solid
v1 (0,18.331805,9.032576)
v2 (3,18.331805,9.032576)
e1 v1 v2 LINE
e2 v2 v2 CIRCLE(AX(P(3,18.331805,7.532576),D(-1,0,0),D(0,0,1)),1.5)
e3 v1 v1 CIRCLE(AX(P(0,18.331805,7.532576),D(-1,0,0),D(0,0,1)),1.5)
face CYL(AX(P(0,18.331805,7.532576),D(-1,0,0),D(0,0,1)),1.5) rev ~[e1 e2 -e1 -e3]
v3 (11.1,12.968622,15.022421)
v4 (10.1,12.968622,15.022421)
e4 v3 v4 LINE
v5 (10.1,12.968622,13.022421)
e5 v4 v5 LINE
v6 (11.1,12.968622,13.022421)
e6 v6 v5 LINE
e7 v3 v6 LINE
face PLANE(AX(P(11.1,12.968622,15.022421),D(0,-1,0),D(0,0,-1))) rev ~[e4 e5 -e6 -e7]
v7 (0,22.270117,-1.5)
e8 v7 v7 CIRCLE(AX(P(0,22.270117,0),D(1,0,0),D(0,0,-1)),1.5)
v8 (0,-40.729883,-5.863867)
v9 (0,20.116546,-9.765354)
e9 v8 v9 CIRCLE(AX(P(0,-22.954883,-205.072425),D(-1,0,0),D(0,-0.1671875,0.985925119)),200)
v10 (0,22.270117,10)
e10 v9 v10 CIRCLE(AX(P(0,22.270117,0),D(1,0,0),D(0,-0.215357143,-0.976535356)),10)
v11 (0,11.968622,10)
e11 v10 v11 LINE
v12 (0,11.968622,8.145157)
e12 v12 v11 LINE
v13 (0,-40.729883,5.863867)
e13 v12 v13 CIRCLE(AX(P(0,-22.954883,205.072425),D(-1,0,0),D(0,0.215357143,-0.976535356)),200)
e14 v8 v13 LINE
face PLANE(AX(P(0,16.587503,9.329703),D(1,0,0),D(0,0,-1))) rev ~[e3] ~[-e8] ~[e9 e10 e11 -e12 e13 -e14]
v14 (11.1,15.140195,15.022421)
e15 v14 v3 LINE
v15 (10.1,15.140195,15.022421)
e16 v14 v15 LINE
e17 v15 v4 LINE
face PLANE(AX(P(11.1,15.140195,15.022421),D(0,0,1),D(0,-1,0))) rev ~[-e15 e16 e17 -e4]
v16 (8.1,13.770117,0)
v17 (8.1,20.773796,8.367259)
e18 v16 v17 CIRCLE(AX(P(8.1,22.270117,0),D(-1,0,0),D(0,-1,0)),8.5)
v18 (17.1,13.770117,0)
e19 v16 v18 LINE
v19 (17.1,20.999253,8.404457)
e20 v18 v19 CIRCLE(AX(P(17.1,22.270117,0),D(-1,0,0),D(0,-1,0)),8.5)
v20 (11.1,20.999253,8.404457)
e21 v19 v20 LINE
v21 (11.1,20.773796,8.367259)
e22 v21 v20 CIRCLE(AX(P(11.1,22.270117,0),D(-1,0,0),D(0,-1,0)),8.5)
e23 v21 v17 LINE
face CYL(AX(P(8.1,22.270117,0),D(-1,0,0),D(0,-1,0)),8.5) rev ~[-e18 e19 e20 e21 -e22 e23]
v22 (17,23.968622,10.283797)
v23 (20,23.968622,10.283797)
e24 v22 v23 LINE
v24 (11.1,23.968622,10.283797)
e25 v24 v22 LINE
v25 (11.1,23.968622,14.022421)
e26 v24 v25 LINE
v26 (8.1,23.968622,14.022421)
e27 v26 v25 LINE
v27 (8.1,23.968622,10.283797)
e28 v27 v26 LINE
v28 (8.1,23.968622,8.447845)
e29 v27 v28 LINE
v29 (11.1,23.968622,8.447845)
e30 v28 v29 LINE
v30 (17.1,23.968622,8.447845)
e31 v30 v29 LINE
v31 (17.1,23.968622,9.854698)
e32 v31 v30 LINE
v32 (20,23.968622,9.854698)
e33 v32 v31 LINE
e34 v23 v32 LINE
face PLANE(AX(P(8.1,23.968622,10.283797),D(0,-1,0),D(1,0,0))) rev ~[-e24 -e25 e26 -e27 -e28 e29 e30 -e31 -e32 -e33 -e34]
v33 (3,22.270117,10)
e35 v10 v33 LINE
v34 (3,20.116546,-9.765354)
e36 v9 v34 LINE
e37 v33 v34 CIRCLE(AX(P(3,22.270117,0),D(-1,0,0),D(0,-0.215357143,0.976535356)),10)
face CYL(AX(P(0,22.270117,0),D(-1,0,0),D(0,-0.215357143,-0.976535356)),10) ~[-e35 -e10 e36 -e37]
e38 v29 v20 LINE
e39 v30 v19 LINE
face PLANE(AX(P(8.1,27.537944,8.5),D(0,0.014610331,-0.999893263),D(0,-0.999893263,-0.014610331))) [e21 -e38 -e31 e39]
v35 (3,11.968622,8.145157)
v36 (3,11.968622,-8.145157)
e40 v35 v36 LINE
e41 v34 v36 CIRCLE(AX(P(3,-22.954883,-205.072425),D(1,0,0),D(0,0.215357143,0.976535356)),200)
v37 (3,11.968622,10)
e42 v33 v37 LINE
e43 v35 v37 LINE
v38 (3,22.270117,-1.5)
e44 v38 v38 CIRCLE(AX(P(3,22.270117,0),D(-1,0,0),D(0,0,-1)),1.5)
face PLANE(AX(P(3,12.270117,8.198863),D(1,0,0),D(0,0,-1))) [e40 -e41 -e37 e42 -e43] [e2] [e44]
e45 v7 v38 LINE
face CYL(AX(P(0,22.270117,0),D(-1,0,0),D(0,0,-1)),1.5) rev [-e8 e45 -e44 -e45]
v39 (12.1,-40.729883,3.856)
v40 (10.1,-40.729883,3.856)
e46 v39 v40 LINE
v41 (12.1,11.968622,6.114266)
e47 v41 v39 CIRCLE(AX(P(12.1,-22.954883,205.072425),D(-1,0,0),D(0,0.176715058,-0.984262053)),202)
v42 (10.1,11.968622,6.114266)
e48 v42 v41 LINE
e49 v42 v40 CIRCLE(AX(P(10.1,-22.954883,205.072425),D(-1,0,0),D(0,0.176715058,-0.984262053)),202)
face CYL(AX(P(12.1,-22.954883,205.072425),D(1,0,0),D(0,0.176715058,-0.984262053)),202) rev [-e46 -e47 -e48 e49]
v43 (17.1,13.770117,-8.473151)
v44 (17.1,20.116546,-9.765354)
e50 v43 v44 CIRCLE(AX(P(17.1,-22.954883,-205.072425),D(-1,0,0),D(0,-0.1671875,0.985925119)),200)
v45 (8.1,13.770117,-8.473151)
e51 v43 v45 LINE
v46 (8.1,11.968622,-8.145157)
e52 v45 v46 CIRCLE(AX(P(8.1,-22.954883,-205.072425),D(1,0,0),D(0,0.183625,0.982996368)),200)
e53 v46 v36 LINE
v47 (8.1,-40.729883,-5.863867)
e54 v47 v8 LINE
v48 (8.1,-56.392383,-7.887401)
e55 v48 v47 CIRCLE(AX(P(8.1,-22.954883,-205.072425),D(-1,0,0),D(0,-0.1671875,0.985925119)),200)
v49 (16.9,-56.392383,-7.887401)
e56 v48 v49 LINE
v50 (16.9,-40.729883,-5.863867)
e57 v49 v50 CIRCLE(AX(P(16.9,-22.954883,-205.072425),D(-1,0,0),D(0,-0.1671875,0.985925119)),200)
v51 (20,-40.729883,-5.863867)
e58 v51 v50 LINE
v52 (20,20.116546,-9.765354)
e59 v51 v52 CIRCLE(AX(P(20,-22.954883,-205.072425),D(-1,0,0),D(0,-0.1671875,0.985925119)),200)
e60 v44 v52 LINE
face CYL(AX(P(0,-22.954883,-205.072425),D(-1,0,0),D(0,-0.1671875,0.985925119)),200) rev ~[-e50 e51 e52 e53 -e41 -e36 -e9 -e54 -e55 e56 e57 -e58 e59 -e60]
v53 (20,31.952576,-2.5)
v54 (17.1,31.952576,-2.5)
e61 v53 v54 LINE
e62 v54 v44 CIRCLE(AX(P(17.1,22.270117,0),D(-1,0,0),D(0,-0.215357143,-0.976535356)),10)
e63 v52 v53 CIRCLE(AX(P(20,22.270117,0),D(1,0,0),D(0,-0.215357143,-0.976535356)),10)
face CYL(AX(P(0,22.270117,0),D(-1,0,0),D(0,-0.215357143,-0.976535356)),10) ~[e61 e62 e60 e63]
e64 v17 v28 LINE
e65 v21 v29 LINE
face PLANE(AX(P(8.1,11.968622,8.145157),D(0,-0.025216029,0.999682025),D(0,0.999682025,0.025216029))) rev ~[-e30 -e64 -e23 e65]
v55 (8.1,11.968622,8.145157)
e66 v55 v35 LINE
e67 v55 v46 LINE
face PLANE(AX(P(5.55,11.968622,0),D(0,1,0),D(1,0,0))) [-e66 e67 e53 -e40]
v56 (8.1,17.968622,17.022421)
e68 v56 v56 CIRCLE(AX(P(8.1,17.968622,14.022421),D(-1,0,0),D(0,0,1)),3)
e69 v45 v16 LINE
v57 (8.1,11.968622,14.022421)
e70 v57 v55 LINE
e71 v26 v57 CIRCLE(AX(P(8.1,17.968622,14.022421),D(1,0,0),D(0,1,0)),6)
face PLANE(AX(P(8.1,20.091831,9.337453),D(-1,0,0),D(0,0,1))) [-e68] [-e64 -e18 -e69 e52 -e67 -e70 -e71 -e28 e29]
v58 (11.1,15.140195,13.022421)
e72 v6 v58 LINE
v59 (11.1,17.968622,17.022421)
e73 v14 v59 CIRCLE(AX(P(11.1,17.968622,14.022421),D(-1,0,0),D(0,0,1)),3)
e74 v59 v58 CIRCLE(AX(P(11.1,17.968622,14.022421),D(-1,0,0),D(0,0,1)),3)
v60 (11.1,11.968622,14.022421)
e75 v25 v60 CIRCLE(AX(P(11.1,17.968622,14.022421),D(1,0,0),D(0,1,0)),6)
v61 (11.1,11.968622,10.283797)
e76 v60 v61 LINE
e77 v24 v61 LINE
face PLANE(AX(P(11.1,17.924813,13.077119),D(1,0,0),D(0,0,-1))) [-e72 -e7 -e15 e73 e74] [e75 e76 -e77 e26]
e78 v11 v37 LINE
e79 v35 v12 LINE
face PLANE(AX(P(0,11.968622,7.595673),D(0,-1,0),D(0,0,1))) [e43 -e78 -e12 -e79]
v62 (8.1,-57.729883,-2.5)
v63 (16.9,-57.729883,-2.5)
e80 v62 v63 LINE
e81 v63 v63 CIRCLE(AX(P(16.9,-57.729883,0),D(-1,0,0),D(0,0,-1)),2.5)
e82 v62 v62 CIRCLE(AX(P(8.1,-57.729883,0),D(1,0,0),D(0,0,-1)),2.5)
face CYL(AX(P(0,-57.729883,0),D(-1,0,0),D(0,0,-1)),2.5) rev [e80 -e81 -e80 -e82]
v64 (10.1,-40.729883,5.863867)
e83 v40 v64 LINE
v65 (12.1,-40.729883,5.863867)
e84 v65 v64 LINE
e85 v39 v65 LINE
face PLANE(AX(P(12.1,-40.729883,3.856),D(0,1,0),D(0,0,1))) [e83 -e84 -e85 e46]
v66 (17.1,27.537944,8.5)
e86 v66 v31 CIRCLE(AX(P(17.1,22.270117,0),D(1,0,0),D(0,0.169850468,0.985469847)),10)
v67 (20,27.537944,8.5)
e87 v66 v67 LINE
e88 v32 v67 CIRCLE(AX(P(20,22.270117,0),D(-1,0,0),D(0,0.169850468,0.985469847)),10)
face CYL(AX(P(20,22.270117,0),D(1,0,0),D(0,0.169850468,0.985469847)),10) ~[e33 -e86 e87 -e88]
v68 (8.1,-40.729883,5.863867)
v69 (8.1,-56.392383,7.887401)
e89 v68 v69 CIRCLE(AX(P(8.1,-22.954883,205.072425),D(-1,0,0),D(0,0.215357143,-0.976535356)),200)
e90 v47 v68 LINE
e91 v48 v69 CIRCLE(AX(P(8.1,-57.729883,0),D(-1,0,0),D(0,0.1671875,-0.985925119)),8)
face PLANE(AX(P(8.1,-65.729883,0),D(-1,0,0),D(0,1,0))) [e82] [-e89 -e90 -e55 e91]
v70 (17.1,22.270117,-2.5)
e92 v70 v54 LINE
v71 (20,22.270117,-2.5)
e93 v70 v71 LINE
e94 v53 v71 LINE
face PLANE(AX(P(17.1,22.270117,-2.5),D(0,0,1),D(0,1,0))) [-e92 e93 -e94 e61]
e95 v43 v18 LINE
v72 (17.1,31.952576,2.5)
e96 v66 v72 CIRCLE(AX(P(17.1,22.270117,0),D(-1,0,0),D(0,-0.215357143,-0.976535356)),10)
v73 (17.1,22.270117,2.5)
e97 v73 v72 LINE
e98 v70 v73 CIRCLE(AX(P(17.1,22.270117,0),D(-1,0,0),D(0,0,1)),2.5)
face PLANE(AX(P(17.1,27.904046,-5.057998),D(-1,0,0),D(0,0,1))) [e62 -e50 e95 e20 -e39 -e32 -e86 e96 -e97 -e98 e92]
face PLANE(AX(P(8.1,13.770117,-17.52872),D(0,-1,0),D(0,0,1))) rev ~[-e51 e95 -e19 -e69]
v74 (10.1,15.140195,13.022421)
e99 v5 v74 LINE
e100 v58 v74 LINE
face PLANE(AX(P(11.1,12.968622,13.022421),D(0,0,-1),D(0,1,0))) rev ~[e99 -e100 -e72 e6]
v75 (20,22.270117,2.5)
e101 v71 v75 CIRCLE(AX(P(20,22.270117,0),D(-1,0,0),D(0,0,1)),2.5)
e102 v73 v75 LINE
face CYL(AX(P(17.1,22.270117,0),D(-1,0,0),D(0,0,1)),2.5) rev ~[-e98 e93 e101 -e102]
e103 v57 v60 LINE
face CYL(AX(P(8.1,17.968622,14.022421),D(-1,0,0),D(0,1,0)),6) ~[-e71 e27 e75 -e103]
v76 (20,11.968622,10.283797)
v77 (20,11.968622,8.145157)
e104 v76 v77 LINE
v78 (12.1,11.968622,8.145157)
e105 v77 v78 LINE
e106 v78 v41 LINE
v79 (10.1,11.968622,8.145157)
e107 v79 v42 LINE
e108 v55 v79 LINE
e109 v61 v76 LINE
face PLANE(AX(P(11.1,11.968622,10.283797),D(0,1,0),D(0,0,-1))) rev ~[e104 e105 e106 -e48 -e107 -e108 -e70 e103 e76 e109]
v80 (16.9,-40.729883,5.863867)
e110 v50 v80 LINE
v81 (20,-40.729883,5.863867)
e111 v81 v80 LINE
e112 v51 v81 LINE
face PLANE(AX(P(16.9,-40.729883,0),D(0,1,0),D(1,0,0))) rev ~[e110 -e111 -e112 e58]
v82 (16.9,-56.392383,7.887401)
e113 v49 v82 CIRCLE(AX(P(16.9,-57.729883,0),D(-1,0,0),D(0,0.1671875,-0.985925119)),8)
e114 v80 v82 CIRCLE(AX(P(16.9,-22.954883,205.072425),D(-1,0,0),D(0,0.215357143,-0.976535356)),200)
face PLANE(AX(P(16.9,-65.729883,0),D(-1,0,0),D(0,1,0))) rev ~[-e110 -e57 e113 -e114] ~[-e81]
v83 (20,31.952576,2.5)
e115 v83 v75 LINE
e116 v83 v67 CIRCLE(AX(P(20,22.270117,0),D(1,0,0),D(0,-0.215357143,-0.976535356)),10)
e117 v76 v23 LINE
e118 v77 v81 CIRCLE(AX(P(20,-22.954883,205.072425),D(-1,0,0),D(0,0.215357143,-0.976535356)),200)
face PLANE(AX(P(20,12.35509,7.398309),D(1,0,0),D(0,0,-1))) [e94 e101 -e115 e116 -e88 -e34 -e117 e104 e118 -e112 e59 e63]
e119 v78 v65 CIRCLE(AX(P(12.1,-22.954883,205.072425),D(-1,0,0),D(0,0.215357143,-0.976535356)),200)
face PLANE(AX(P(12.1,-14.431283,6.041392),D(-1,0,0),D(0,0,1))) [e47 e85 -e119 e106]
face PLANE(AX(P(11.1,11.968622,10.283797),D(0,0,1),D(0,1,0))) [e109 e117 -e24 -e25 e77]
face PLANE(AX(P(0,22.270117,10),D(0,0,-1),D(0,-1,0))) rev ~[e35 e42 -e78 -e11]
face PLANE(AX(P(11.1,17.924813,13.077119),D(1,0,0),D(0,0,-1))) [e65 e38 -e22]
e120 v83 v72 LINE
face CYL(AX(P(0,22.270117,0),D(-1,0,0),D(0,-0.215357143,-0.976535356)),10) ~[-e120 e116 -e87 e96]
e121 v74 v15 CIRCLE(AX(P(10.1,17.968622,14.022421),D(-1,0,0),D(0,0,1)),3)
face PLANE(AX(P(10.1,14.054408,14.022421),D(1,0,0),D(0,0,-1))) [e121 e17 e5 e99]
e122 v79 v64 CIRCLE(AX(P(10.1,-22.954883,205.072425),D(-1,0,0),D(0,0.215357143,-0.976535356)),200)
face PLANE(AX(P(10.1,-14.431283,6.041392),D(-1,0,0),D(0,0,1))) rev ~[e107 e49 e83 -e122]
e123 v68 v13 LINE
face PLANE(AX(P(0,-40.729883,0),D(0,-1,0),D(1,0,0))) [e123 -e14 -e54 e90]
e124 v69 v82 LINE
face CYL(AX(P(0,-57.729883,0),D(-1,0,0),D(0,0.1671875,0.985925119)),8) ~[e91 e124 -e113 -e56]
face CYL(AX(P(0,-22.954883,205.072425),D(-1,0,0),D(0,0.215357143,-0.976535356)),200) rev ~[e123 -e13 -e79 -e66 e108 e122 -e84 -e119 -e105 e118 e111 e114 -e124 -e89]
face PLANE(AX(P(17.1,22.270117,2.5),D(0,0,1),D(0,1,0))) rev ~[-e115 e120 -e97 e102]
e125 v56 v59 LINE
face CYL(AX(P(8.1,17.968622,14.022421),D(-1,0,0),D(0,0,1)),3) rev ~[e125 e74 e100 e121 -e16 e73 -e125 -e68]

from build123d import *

# Parameters (mm, degrees)
SKETCH1_R                = 1.5
SKETCH1_R_2              = 2.5
BOSS_EXTRUDE1_DEPTH      = 20
SKETCH2_W                = 8.1
SKETCH2_H                = 25
SKETCH2_W_2              = 3.1
SKETCH2_W_3              = 5.1
SKETCH2_H_2              = 20
CUT_EXTRUDE1_DEPTH       = 20
CUT_EXTRUDE1_DEPTH_BACK  = 20
CUT_EXTRUDE2_DEPTH       = 9
BOSS_EXTRUDE2_DEPTH      = 11.9
SKETCH5_R                = 3
BOSS_EXTRUDE3_DEPTH      = 3
CUT_EXTRUDE6_DEPTH       = 1
SKETCH13_R               = 2.5
CUT_EXTRUDE7_DEPTH       = 4
CUT_EXTRUDE5_START       = 5
CUT_EXTRUDE5_DEPTH       = 2
CUT_EXTRUDE8_REACH       = 22
SKETCH14_R               = 1.5
BOSS_EXTRUDE4_DEPTH      = 3
CUT_EXTRUDE9_DEPTH       = 3
SKETCH17_W               = 9
SKETCH17_H               = 3.569322199
CUT_EXTRUDE11_DEPTH      = 3
SKETCH18_W               = 5.770974844
SKETCH18_H               = 0.772936936
BOSS_EXTRUDE5_DEPTH      = 8.9
BOSS_EXTRUDE5_DEPTH_BACK = 1
SKETCH19_W               = 5.1
SKETCH19_H               = 16.397725614
CUT_EXTRUDE12_DEPTH      = 0.301495
SKETCH20_W               = 5
SKETCH20_H               = 12.419235667
CUT_EXTRUDE13_DEPTH      = 10


with BuildPart() as part:
    # Sketch1 → Boss-Extrude1 (new body)
    with BuildSketch(Plane(origin=(0, 0, 0), x_dir=(0, 0, -1), z_dir=(1, 0, 0))):
        with BuildLine():
            ThreePointArc((9.765353557, 20.116545894), (0, 32.270117322), (-9.765353557, 20.116545894))
            ThreePointArc((-9.765353557, 20.116545894), (-5.132645827, -18.047253777), (-7.88740095, -56.392382678))
            ThreePointArc((-7.88740095, -56.392382678), (0, -65.729882678), (7.88740095, -56.392382678))
            ThreePointArc((7.88740095, -56.392382678), (5.132645827, -18.047253777), (9.765353557, 20.116545894))
        make_face()
        with Locations((0, 22.270117322)):
            Circle(SKETCH1_R, mode=Mode.SUBTRACT)
        with Locations((0, -57.729882678)):
            Circle(SKETCH1_R_2, mode=Mode.SUBTRACT)
    extrude(amount=BOSS_EXTRUDE1_DEPTH)

    # Sketch2 → Cut-Extrude1 (cut, two sides)
    with BuildSketch(Plane.XY) as cut_extrude1_sk:
        with Locations((4.05, -53.229882678)):
            Rectangle(SKETCH2_W, SKETCH2_H)
        with Locations((18.45, -53.229882678)):
            Rectangle(SKETCH2_W_2, SKETCH2_H)
        with Locations((5.55, 22.270117322)):
            Rectangle(SKETCH2_W_3, SKETCH2_H_2)
    extrude(amount=CUT_EXTRUDE1_DEPTH, mode=Mode.SUBTRACT)
    extrude(cut_extrude1_sk.sketch, amount=-CUT_EXTRUDE1_DEPTH_BACK, mode=Mode.SUBTRACT)

    # Sketch3 → Cut-Extrude2 (cut)
    with BuildSketch(Plane.ZY.offset(-8.1)):
        with BuildLine():
            Line((8.5, 22.270117322), (8.5, 40.909533312))
            Line((8.5, 40.909533312), (-17.52872033, 40.909533312))
            Line((-17.52872033, 40.909533312), (-17.52872033, 13.770117322))
            Line((-17.52872033, 13.770117322), (0, 13.770117322))
            ThreePointArc((0, 13.770117322), (6.01040764, 16.259709682), (8.5, 22.270117322))
        make_face()
    extrude(amount=-CUT_EXTRUDE2_DEPTH, mode=Mode.SUBTRACT)

    # Sketch4 → Boss-Extrude2 (add, through all)
    with BuildSketch(Plane.ZY.offset(-8.1)):
        Polygon((8.5, 27.537944199), (8.283796844, 12.741558936), (10.283796844, 12.741558936), (10.283796844, 27.537944199), align=None)
    extrude(amount=-BOSS_EXTRUDE2_DEPTH)

    # Sketch5 → Boss-Extrude3 (add)
    with BuildSketch(Plane.ZY.offset(-8.1)):
        with BuildLine():
            Line((8.145156861, 11.968622), (8.447845456, 23.968622))
            Line((8.447845456, 23.968622), (9.854698466, 23.968622))
            Line((9.854698466, 23.968622), (14.022421388, 23.968622))
            ThreePointArc((14.022421388, 23.968622), (20.022421388, 17.968622), (14.022421388, 11.968622))
            Line((14.022421388, 11.968622), (8.145156861, 11.968622))
        make_face()
        with Locations((14.022421388, 17.968622)):
            Circle(SKETCH5_R, mode=Mode.SUBTRACT)
    extrude(amount=-BOSS_EXTRUDE3_DEPTH)

    # Sketch12 → Cut-Extrude6 (cut)
    with BuildSketch(Plane(origin=(11.1, 0, 0), x_dir=(0, 0, -1), z_dir=(1, 0, 0))):
        Polygon((-15.022421388, 13.968622), (-15.022421388, 12.968622), (-13.022421388, 12.968622), (-13.022421388, 13.968622), (-13.022421388, 15.140194875), (-14.022421388, 15.140194875), (-15.022421388, 15.140194875), align=None)
    extrude(amount=-CUT_EXTRUDE6_DEPTH, mode=Mode.SUBTRACT)

    # Sketch13 → Cut-Extrude7 (cut)
    with BuildSketch(Plane.ZY.offset(-17.1)):
        with Locations((0, 22.270117322)):
            Circle(SKETCH13_R)
    extrude(amount=-CUT_EXTRUDE7_DEPTH, mode=Mode.SUBTRACT)

    # Sketch10 → Cut-Extrude5 (cut)
    with BuildSketch(Plane.ZY.offset(-17.1).offset(CUT_EXTRUDE5_START)):
        with BuildLine():
            Line((8.283796844, 12.741558936), (6.251490054, 12.741558936))
            ThreePointArc((6.251490054, 12.741558936), (3.274825885, -13.914467314), (3.856000489, -40.729882678))
            Line((3.856000489, -40.729882678), (5.863867222, -40.729882678))
            Line((5.863867222, -40.729882678), (7.833024243, -40.729882678))
            Line((7.833024243, -40.729882678), (8.283796844, 12.741558936))
        make_face()
    extrude(amount=CUT_EXTRUDE5_DEPTH, mode=Mode.SUBTRACT)

    # Sketch14 → Cut-Extrude8 (cut, up to next)
    with BuildSketch(Plane.ZY, mode=Mode.PRIVATE) as cut_extrude8_sk1:
        with Locations((7.532575614, 18.331804915)):
            Circle(SKETCH14_R)
    cut_extrude8_tool1 = extrude(cut_extrude8_sk1.sketch, amount=-CUT_EXTRUDE8_REACH, mode=Mode.PRIVATE) & part.part
    add(cut_extrude8_tool1.solids().sort_by_distance((0, 18.331805, 7.532576))[0], mode=Mode.SUBTRACT)

    # Sketch15 → Boss-Extrude4 (add)
    with BuildSketch(Plane.ZY):
        Polygon((10, 22.270117322), (10, 11.968622), (8.145156861, 11.968622), (7.595672539, 11.968622), align=None)
    extrude(amount=-BOSS_EXTRUDE4_DEPTH)

    # Sketch16 → Cut-Extrude9 (cut)
    with BuildSketch(Plane(origin=(20, 0, 0), x_dir=(0, 0, -1), z_dir=(1, 0, 0))):
        with BuildLine():
            Line((-10.283796844, 23.968622), (-9.854698466, 23.968622))
            ThreePointArc((-9.854698466, 23.968622), (-9.349264901, 25.818531871), (-8.5, 27.537944199))
            Line((-8.5, 27.537944199), (-10.283796844, 27.537944199))
            Line((-10.283796844, 27.537944199), (-10.283796844, 23.968622))
        make_face()
    extrude(amount=-CUT_EXTRUDE9_DEPTH, mode=Mode.SUBTRACT)

    # Sketch17 → Cut-Extrude11 (cut)
    with BuildSketch(Plane.XY.offset(10.283796844)):
        with Locations((12.6, 25.7532831)):
            Rectangle(SKETCH17_W, SKETCH17_H)
    extrude(amount=-CUT_EXTRUDE11_DEPTH, mode=Mode.SUBTRACT)

    # Sketch18 → Boss-Extrude5 (add, two sides)
    with BuildSketch(Plane(origin=(11.1, 0, 0), x_dir=(0, 0, -1), z_dir=(1, 0, 0))) as boss_extrude5_sk:
        with Locations((-7.398309422, 12.355090468)):
            Rectangle(SKETCH18_W, SKETCH18_H)
    extrude(amount=BOSS_EXTRUDE5_DEPTH)
    extrude(boss_extrude5_sk.sketch, amount=-BOSS_EXTRUDE5_DEPTH_BACK)

    # Sketch19 → Cut-Extrude12 (cut)
    with BuildSketch(Plane(origin=(0, 12.270117322, 0), x_dir=(1, 0, 0), z_dir=(0, 1, 0))):
        with Locations((5.55, 0)):
            Rectangle(SKETCH19_W, SKETCH19_H)
    extrude(amount=-CUT_EXTRUDE12_DEPTH, mode=Mode.SUBTRACT)

    # Sketch20 → Cut-Extrude13 (cut)
    with BuildSketch(Plane.ZY.offset(-17.1)):
        with Locations((0, 28.479735156)):
            Rectangle(SKETCH20_W, SKETCH20_H)
    extrude(amount=-CUT_EXTRUDE13_DEPTH, mode=Mode.SUBTRACT)


solid = part.part
